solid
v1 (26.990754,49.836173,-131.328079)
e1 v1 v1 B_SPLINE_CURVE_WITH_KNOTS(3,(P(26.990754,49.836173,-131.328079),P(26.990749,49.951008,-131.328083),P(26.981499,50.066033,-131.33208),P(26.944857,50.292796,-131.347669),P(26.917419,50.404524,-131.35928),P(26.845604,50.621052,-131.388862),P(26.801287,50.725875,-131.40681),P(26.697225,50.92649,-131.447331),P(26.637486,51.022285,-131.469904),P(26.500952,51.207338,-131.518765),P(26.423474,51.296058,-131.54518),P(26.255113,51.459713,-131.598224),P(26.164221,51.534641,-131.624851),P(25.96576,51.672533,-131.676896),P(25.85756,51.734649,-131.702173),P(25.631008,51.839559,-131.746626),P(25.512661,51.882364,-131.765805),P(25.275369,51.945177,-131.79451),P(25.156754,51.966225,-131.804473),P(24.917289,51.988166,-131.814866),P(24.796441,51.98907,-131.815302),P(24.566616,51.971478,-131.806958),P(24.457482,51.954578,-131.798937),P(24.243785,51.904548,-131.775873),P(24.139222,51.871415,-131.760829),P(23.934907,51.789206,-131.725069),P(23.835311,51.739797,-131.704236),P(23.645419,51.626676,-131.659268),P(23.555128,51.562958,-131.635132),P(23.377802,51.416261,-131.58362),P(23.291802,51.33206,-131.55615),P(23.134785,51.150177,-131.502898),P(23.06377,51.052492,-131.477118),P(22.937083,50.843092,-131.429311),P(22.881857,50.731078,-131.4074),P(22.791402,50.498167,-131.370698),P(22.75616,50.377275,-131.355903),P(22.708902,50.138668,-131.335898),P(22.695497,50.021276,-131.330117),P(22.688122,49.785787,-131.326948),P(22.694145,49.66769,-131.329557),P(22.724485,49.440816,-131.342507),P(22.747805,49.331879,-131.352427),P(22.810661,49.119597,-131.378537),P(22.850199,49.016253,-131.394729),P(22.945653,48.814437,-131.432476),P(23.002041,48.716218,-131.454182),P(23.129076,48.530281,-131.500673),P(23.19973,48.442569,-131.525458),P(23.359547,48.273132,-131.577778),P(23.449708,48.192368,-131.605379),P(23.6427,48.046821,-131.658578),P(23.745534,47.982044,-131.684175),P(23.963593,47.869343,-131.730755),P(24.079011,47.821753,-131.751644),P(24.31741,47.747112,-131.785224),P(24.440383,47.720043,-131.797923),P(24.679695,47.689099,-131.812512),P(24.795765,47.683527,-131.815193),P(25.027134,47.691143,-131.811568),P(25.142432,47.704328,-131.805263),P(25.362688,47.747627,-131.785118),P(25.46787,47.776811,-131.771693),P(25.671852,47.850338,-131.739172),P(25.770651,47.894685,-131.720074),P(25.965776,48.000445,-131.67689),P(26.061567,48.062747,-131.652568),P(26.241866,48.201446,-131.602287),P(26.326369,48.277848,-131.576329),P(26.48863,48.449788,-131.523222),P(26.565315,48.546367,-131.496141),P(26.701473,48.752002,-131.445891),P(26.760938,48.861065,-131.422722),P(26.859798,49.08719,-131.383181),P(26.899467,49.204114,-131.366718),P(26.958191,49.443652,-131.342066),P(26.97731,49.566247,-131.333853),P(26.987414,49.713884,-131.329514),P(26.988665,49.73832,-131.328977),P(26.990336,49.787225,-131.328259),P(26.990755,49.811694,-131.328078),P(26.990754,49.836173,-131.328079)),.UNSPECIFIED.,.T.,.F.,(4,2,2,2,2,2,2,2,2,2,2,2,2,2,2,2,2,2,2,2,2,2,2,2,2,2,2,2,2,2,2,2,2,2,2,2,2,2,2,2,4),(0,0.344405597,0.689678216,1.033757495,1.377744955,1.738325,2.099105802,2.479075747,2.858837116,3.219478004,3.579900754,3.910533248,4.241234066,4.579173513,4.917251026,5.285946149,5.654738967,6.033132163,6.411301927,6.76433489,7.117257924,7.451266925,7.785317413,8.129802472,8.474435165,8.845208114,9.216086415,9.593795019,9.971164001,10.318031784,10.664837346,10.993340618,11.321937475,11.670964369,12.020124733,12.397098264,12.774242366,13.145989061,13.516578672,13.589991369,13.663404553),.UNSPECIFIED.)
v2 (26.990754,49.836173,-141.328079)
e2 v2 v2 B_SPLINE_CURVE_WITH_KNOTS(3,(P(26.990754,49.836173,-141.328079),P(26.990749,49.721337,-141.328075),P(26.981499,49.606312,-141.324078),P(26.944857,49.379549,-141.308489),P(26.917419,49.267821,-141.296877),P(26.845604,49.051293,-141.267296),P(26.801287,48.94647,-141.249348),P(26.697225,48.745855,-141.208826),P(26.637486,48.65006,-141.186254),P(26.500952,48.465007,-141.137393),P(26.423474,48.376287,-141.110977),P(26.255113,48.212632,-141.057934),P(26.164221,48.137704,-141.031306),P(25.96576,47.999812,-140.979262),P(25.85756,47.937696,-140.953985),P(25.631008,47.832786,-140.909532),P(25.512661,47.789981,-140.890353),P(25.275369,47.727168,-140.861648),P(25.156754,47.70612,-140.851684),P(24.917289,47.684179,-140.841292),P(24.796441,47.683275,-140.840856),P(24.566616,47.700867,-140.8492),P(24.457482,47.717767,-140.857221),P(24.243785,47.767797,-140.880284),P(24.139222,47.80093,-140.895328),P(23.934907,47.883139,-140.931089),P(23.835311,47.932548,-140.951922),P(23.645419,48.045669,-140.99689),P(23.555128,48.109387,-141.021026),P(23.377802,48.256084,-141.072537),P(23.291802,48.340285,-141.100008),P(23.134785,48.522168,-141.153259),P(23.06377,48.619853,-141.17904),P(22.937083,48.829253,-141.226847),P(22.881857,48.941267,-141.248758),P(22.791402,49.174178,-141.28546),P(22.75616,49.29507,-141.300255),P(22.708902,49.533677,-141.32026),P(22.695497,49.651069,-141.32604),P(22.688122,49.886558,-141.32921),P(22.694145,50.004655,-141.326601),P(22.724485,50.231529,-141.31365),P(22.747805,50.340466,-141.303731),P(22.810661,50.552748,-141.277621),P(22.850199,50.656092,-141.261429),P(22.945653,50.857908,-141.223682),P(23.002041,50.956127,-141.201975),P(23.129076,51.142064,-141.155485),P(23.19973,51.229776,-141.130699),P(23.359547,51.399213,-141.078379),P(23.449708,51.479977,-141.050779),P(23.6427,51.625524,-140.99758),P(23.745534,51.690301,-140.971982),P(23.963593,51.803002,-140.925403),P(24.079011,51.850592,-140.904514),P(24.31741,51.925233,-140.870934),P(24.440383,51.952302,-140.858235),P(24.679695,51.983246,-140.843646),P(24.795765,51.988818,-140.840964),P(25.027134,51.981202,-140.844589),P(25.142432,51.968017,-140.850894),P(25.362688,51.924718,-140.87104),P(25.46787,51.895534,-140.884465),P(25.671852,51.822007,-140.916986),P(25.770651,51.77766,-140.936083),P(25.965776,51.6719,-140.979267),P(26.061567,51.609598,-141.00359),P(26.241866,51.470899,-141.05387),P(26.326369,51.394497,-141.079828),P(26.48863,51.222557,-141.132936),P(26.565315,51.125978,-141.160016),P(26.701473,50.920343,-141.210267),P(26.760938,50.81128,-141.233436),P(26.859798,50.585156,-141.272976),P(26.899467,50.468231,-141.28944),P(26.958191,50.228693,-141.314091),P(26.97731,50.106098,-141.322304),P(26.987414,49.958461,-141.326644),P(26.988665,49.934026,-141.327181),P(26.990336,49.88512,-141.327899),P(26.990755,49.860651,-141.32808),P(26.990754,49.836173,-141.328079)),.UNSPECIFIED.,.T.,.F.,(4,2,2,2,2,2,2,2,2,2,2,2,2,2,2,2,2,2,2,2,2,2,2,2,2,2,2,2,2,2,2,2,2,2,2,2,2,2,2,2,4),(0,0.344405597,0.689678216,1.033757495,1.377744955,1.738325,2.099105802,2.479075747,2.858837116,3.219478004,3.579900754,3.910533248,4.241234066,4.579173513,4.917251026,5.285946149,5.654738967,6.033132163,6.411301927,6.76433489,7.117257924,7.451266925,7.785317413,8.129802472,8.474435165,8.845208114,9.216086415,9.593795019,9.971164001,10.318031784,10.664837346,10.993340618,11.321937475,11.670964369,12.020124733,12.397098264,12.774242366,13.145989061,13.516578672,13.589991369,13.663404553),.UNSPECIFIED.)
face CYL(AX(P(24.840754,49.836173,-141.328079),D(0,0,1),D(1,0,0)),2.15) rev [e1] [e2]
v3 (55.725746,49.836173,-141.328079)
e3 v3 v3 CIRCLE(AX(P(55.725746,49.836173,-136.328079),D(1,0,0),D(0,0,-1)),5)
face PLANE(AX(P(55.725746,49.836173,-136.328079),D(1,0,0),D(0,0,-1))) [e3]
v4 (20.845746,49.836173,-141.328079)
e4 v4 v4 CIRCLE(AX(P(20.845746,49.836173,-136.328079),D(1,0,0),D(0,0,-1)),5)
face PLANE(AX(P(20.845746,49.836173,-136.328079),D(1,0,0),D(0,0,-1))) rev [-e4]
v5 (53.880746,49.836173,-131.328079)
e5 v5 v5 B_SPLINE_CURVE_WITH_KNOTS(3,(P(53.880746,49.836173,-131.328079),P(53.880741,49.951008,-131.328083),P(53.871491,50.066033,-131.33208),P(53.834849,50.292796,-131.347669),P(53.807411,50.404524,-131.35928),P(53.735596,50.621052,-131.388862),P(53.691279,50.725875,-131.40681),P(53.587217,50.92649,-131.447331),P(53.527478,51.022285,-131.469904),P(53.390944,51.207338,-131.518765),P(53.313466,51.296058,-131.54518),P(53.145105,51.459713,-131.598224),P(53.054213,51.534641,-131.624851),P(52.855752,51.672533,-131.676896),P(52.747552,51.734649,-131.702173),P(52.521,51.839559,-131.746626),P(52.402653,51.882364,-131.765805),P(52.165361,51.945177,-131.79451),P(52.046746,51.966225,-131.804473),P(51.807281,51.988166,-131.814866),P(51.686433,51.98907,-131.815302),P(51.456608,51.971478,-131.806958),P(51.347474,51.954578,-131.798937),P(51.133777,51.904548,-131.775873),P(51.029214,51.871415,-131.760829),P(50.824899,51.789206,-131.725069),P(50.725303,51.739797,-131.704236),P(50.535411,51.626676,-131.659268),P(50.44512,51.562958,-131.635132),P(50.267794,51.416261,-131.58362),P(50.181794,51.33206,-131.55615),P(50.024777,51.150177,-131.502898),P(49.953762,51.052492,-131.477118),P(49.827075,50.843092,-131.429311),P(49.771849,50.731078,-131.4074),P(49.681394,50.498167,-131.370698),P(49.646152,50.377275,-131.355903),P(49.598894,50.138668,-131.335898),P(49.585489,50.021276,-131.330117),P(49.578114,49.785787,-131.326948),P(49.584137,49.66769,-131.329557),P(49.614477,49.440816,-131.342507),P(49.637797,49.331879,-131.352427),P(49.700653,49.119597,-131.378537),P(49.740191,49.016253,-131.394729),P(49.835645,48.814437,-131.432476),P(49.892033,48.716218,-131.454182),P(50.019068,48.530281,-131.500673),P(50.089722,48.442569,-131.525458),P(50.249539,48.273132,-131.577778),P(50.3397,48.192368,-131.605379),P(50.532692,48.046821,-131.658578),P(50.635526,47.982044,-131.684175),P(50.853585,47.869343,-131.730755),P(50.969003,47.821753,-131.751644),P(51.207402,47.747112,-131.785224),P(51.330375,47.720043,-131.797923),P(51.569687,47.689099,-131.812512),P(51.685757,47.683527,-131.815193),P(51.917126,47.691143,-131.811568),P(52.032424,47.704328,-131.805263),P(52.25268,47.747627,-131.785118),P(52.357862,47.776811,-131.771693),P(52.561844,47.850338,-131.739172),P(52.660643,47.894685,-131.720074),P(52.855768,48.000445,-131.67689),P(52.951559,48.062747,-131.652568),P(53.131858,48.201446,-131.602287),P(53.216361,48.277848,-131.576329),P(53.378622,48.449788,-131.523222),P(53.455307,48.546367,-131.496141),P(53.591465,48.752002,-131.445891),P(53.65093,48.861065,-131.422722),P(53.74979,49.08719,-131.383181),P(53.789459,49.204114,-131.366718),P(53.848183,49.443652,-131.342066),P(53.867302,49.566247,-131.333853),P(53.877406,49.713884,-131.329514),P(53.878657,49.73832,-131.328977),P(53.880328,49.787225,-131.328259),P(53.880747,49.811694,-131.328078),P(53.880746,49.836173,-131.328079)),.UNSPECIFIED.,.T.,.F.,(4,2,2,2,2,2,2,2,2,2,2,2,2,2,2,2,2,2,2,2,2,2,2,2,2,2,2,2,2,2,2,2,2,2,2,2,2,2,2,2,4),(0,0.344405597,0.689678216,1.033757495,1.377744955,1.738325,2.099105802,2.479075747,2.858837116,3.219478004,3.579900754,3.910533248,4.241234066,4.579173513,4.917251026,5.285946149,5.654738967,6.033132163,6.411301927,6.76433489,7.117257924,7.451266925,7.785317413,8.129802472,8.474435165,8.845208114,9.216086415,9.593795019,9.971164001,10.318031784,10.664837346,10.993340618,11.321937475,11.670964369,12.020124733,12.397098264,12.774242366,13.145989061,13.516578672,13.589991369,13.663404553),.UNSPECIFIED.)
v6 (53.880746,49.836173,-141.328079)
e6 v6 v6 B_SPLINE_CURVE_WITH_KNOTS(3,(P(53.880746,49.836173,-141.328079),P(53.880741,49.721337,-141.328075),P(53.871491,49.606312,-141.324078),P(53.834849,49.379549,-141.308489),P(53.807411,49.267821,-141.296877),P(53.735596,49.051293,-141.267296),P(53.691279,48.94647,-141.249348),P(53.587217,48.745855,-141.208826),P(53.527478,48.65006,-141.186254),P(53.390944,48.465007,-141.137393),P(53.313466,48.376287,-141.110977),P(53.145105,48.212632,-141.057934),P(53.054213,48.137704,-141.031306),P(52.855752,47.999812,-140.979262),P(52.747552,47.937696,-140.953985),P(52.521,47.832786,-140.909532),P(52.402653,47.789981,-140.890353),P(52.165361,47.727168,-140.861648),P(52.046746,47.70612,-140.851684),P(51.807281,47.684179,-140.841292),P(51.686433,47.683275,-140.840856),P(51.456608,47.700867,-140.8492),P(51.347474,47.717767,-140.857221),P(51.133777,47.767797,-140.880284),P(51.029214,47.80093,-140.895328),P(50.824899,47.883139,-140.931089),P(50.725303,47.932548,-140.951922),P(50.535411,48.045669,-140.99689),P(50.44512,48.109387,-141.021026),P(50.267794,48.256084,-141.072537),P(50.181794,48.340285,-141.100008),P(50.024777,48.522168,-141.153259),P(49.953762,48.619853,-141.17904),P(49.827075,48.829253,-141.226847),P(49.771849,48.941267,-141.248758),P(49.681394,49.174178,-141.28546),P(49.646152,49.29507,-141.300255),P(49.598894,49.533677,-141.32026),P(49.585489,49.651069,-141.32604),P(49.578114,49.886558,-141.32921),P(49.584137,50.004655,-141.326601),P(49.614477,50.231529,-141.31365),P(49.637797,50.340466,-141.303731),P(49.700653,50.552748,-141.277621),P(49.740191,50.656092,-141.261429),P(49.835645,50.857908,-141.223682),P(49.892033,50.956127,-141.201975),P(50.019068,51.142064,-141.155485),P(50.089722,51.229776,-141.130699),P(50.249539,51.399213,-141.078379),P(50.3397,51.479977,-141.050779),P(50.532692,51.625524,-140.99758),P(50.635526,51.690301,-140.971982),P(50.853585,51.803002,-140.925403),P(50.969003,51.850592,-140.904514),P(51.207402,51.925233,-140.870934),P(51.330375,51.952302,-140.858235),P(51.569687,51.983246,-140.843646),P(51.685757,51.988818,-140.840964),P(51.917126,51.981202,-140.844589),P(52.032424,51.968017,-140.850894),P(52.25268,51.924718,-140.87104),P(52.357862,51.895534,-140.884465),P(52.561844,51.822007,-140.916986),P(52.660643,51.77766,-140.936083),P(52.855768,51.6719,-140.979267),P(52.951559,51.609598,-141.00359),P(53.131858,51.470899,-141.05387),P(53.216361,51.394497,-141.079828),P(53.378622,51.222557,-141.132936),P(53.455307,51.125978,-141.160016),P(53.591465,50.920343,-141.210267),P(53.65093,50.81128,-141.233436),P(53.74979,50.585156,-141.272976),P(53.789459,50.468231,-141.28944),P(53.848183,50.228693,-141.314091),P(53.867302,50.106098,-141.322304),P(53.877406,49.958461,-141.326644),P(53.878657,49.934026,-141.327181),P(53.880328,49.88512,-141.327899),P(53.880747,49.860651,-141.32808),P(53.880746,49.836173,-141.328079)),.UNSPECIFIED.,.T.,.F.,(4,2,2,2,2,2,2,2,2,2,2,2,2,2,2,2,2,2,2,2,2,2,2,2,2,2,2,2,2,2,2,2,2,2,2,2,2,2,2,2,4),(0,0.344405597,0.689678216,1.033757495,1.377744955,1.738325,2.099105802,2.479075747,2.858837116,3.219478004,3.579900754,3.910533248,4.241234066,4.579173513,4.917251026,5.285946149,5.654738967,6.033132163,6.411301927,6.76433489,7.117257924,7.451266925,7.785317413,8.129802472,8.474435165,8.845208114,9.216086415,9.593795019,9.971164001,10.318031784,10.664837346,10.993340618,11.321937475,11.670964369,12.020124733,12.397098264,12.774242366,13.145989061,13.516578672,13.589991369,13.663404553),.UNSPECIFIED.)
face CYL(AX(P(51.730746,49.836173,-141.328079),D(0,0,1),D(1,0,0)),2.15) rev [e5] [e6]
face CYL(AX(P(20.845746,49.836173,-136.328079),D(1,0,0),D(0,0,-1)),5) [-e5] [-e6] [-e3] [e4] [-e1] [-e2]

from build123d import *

# Parameters (mm, degrees)
SKETCH1_R                = 5
BOSS_EXTRUDE1_DEPTH      = 23.710000062
BOSS_EXTRUDE1_DEPTH_BACK = 11.170000008
SKETCH2_R                = 2.15
CUT_EXTRUDE1_DEPTH       = 11


with BuildPart() as part:
    # Sketch1 → Boss-Extrude1 (new body, two sides)
    with BuildSketch(Plane(origin=(32.015745885, 0, 0), x_dir=(0, 0, -1), z_dir=(1, 0, 0))) as boss_extrude1_sk:
        with Locations((136.328078847, 49.836172535)):
            Circle(SKETCH1_R)
    extrude(amount=BOSS_EXTRUDE1_DEPTH)
    extrude(boss_extrude1_sk.sketch, amount=-BOSS_EXTRUDE1_DEPTH_BACK)

    # Sketch2 → Cut-Extrude1 (cut, through all)
    with BuildSketch(Plane.XY.offset(-131.328078847)):
        with Locations((51.730745885, 49.836172535)):
            Circle(SKETCH2_R)
        with Locations((24.840753885, 49.836172535)):
            Circle(SKETCH2_R)
    extrude(amount=-CUT_EXTRUDE1_DEPTH, mode=Mode.SUBTRACT)


solid = part.part
